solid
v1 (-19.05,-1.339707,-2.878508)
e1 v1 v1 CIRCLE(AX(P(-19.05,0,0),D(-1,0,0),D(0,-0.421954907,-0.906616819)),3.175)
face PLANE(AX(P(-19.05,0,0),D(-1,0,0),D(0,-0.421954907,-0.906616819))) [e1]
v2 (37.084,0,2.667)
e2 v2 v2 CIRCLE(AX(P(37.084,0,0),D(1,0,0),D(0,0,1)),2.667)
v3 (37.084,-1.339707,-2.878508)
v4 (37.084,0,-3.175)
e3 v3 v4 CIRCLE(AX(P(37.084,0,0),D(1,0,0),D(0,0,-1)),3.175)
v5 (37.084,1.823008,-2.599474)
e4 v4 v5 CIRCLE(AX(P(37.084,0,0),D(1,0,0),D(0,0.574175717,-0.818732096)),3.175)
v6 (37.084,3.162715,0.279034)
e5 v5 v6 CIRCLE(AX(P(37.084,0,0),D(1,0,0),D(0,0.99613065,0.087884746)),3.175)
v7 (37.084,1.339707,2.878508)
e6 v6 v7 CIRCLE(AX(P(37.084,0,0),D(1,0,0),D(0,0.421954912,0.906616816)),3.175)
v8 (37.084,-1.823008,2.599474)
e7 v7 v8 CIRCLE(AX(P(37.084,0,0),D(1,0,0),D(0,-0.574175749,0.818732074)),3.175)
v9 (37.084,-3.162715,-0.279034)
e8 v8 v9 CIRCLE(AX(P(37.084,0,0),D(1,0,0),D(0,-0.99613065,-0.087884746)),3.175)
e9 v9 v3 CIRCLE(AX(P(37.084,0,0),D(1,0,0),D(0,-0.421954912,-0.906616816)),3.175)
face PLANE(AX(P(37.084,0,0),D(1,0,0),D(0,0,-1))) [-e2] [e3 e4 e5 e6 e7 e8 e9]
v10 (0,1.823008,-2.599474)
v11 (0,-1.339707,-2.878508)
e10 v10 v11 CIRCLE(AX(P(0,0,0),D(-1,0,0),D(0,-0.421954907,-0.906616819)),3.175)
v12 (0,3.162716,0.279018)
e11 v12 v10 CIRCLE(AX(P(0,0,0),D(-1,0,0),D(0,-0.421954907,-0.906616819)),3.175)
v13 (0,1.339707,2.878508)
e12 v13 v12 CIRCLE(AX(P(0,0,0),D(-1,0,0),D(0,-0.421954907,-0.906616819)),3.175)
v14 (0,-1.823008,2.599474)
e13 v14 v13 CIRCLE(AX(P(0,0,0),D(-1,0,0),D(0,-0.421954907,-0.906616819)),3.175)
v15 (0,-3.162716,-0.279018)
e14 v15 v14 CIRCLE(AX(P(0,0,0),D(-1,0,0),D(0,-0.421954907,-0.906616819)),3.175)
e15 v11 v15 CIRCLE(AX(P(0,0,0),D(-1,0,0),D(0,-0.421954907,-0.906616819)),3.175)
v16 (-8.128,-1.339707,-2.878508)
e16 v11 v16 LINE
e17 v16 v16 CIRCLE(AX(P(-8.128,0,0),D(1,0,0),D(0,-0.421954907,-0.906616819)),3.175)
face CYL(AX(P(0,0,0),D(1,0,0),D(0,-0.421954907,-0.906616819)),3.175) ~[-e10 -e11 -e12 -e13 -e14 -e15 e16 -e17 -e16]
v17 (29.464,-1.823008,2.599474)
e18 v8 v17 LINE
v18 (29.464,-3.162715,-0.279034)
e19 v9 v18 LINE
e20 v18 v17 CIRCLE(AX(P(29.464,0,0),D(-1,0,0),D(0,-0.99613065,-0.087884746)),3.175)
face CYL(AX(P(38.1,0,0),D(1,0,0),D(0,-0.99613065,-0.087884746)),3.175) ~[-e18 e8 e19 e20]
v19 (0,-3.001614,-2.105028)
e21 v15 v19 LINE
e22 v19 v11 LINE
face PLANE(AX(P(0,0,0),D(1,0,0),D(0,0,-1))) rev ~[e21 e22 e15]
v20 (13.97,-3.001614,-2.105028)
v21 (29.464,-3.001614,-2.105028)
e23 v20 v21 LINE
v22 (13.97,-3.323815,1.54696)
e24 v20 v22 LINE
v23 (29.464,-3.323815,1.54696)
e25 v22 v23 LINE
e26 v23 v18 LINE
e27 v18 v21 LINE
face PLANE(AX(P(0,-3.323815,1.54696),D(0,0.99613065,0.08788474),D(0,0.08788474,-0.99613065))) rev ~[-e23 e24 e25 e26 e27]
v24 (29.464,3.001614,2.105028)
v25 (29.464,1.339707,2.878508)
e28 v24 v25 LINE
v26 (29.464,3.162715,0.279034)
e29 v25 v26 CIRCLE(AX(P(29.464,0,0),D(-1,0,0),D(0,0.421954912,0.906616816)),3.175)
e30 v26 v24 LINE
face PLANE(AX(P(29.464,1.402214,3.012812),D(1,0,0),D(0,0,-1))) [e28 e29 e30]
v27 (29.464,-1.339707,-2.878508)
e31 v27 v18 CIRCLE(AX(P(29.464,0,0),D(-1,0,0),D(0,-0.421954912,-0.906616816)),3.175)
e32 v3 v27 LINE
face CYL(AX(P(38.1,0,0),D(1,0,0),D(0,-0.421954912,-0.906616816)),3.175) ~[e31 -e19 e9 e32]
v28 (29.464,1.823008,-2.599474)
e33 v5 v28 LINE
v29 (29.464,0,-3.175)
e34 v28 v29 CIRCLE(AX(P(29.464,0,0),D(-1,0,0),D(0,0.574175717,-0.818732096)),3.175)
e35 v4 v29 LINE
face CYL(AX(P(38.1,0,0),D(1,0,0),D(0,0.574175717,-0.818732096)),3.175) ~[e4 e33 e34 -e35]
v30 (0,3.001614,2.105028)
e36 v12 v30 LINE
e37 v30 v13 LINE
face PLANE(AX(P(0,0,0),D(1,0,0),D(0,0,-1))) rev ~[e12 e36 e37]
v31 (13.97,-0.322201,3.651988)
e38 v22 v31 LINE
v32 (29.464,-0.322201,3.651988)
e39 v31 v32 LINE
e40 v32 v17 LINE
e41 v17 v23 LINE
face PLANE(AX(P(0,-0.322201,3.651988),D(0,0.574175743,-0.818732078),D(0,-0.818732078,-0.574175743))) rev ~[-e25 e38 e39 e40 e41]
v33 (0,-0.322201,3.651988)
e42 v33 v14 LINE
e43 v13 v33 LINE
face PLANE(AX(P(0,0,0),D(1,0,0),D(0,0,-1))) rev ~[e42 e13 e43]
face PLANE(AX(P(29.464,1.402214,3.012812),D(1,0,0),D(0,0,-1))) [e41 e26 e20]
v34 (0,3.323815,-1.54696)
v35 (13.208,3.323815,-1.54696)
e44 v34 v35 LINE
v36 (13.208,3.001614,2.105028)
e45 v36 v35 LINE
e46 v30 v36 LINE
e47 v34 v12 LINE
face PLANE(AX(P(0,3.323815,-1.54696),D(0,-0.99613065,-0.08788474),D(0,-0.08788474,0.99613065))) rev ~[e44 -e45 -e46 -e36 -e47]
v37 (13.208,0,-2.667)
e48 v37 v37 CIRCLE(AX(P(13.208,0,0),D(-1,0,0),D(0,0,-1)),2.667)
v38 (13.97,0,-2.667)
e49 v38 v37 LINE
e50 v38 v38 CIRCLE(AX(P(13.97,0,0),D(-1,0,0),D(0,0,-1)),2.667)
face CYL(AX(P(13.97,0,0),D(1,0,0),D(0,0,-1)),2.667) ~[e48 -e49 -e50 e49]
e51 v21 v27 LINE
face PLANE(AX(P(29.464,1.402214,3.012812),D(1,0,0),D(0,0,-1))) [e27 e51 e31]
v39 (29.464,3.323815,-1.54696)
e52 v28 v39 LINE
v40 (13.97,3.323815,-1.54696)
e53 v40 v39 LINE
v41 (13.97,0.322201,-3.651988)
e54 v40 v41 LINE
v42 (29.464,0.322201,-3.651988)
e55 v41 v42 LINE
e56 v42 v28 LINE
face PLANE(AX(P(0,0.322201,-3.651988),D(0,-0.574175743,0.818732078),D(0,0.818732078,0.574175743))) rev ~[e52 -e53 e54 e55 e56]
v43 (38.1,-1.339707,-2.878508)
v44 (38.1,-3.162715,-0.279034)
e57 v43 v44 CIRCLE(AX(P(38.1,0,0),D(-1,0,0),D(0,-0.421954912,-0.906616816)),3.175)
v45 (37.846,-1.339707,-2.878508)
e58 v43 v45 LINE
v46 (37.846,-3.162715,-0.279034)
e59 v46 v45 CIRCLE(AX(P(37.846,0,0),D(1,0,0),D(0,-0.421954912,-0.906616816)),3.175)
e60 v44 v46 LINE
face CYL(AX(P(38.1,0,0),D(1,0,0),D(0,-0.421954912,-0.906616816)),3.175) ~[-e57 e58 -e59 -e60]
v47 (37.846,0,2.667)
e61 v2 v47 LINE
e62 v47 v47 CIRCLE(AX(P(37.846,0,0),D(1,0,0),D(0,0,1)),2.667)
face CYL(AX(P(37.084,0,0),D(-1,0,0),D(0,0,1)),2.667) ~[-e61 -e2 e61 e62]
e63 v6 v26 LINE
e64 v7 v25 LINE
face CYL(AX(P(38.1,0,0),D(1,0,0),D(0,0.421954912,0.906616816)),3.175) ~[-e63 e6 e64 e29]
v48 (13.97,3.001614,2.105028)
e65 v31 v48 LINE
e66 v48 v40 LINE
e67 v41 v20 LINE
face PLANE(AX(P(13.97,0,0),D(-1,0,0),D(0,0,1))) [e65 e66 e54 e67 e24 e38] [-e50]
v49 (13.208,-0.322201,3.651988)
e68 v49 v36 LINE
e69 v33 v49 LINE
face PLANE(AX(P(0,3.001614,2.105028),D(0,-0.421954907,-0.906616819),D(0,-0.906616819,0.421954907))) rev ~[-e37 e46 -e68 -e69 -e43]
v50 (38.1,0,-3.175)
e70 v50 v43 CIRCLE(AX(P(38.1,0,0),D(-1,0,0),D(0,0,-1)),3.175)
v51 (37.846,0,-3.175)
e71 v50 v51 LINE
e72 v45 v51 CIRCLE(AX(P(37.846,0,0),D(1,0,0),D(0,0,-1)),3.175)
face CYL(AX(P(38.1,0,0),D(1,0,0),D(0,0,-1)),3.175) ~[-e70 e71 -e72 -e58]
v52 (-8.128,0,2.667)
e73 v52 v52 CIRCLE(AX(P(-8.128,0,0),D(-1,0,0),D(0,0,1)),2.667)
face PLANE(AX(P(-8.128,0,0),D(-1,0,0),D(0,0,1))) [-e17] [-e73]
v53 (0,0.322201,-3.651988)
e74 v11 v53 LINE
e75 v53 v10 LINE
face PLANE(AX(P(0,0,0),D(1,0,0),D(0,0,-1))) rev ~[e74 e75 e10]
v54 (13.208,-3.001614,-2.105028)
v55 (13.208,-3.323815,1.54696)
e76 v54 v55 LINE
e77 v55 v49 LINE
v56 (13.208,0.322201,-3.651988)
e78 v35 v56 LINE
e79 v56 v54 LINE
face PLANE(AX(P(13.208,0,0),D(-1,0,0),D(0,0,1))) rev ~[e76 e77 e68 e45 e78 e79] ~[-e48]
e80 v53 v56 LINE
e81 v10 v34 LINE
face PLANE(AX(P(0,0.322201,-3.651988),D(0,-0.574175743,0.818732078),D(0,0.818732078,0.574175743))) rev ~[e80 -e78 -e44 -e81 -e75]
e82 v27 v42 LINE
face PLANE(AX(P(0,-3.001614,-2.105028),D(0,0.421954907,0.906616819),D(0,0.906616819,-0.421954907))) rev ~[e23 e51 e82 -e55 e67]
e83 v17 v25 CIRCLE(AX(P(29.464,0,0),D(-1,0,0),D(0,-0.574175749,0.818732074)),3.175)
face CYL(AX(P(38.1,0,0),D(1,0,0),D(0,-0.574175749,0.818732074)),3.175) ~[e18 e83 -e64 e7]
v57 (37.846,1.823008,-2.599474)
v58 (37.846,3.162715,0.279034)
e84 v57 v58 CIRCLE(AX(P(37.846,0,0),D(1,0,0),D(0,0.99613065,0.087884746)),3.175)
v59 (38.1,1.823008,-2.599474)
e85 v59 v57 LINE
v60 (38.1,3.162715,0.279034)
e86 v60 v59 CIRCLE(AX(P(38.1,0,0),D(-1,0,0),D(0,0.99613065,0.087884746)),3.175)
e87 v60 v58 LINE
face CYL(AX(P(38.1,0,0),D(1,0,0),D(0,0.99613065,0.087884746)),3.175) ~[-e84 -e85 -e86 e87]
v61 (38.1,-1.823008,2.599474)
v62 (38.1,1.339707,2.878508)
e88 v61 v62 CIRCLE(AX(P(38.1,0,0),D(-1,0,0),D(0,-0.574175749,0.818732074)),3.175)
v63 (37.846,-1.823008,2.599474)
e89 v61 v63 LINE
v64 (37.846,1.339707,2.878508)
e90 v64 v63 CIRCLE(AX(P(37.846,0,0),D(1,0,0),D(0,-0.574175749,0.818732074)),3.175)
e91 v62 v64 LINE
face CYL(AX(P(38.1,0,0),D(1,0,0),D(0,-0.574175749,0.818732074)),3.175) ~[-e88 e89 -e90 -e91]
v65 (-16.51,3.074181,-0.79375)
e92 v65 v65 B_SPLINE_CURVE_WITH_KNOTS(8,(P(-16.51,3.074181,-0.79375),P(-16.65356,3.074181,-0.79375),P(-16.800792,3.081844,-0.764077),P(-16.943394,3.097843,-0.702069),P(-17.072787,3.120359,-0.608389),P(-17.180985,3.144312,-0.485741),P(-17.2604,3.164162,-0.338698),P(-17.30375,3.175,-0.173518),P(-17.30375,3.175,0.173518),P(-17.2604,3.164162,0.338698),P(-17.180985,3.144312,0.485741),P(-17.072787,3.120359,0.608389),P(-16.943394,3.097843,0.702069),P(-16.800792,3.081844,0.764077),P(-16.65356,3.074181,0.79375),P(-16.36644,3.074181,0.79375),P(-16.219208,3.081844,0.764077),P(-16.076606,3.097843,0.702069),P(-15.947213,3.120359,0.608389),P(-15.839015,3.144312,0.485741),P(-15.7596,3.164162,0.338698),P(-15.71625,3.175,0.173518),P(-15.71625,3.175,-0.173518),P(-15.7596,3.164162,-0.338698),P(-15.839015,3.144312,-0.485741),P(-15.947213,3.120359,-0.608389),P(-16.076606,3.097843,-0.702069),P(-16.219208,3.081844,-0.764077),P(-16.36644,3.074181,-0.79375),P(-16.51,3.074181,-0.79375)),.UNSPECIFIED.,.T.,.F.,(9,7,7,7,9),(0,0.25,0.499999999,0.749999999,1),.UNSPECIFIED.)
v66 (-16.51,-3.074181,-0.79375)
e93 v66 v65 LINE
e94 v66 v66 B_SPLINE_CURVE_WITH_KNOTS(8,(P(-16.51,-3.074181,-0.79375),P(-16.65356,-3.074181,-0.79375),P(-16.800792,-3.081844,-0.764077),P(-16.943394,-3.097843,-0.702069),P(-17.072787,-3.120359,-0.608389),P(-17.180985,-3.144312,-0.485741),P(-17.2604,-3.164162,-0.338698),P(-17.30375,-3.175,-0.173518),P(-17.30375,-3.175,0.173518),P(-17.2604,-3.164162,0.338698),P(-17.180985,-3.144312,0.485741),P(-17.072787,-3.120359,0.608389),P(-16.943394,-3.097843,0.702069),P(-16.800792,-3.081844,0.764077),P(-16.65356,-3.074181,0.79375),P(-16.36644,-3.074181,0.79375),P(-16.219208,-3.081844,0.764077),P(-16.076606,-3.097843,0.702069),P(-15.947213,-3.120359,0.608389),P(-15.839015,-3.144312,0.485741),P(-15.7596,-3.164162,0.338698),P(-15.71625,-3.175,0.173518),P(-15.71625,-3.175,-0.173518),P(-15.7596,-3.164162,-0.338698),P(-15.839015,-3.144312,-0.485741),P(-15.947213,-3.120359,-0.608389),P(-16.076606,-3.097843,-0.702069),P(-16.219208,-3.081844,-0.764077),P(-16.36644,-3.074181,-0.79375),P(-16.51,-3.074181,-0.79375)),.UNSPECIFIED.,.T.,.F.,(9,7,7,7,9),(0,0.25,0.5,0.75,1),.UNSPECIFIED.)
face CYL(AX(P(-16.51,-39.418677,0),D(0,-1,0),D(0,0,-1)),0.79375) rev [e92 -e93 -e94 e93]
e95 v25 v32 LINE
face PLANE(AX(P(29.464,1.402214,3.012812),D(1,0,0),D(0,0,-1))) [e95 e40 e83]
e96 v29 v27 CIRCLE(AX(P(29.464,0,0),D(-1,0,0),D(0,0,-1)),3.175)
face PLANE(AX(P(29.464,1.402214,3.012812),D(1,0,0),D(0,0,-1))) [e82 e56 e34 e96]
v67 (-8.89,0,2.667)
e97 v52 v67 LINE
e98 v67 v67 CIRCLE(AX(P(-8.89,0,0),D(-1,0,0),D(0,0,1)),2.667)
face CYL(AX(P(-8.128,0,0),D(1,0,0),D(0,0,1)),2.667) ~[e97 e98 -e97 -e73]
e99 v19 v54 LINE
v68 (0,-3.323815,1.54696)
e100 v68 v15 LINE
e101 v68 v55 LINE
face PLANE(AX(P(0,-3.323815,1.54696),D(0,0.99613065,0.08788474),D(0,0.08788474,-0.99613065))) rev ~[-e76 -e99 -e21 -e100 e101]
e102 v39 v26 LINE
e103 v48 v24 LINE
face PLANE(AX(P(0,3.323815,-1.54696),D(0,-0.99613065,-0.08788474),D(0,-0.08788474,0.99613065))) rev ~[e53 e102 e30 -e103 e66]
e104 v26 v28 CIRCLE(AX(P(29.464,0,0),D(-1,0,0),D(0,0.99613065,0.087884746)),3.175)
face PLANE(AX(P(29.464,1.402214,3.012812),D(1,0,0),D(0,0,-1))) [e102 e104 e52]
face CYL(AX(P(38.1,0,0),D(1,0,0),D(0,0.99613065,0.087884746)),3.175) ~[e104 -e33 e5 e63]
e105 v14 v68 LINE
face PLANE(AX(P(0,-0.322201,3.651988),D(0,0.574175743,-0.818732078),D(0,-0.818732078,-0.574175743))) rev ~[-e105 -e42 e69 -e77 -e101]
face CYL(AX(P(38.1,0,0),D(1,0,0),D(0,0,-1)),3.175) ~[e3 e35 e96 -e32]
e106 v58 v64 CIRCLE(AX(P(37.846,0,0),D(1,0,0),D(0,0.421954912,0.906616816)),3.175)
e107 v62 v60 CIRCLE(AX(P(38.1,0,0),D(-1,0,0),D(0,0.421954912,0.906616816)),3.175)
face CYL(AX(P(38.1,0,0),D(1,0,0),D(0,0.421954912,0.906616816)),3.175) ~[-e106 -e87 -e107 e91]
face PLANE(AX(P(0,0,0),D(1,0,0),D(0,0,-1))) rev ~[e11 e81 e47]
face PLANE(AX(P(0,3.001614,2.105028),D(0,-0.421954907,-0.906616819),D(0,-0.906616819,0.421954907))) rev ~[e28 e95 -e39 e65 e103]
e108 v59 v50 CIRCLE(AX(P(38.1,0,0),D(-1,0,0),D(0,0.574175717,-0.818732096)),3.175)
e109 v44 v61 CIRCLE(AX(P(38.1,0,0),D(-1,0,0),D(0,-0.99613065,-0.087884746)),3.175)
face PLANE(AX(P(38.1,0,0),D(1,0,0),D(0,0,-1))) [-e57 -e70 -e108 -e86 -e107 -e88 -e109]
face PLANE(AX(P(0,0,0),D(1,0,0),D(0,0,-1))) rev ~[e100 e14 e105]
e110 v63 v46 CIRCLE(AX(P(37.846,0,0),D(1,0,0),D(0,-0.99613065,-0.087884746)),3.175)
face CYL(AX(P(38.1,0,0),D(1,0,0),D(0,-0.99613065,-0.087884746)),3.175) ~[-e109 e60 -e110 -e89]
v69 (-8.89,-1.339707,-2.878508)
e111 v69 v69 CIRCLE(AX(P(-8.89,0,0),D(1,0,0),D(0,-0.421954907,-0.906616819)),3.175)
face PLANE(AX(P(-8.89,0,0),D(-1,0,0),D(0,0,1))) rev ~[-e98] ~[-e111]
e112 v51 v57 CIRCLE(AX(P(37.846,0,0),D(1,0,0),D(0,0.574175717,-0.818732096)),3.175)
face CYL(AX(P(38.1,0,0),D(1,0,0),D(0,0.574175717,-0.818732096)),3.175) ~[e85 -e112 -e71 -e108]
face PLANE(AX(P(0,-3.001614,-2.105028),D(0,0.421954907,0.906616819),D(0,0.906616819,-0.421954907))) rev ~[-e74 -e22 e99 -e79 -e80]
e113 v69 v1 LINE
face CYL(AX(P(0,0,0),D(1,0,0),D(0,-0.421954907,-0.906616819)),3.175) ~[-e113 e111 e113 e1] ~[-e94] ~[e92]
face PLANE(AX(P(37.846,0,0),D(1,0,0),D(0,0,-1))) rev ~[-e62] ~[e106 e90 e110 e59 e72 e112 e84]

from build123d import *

# Parameters (mm, degrees)
BOSS_EXTRUDE1_DEPTH     = 38.1
SKETCH3_R               = 3.175
BOSS_EXTRUDE3_DEPTH     = 19.05
CUT_EXTRUDE1_DEPTH      = 39.418677326
CUT_EXTRUDE1_DEPTH_BACK = 39.418677326
SKETCH4_R               = 0.79375
CUT_EXTRUDE4_DEPTH      = 8.636
SKETCH6_OUTSIDE_W       = 20.904
SKETCH6_OUTSIDE_H       = 20.248
SKETCH6_OUTSIDE_R       = 2.667
CUT_EXTRUDE5_DEPTH      = 0.762
SKETCH9_OUTSIDE_W       = 20.904
SKETCH9_OUTSIDE_H       = 20.248
SKETCH9_OUTSIDE_R       = 2.667
CUT_EXTRUDE6_DEPTH      = 0.762
SKETCH10_OUTSIDE_W      = 20.904
SKETCH10_OUTSIDE_H      = 20.248
SKETCH10_OUTSIDE_R      = 2.667
CUT_EXTRUDE7_DEPTH      = 0.762


with BuildPart() as part:
    # Sketch1 → Boss-Extrude1 (new body)
    with BuildSketch(Plane(origin=(0, 0, 0), x_dir=(0, 0, -1), z_dir=(1, 0, 0))):
        Polygon((2.105028301, -3.00161443), (3.651988499, 0.32220077), (1.546960198, 3.323815199), (-2.105028301, 3.00161443), (-3.651988499, -0.32220077), (-1.546960198, -3.323815199), align=None)
    extrude(amount=BOSS_EXTRUDE1_DEPTH)

    # Sketch3 → Boss-Extrude3 (add)
    with BuildSketch(Plane.ZY):
        with Locations(Location((0, 0, 0), (0, 0, 204.958070598))):
            Circle(SKETCH3_R)
    extrude(amount=BOSS_EXTRUDE3_DEPTH)

    # Sketch4 → Cut-Extrude1 (cut, two sides: drawn at the far end of the back side and taken through both)
    with BuildSketch(Plane(origin=(0, 0, 0), x_dir=(1, 0, 0), z_dir=(0, 1, 0)).offset(-CUT_EXTRUDE1_DEPTH_BACK)):
        with Locations(Location((-16.51, 0, 0), (0, 0, 90))):
            Circle(SKETCH4_R)
    extrude(amount=CUT_EXTRUDE1_DEPTH + CUT_EXTRUDE1_DEPTH_BACK, mode=Mode.SUBTRACT)

    # Sketch5 → Cut-Extrude4 (cut)
    with BuildSketch(Plane(origin=(38.1, 0, 0), x_dir=(0, 0, -1), z_dir=(1, 0, 0))):
        with BuildLine():
            Line((-2.878508392, 1.339706848), (-2.105028301, 3.00161443))
            ThreePointArc((-2.105028301, 3.00161443), (-3.323815199, 1.546960198), (-3.651988499, -0.32220077))
            Line((-3.651988499, -0.32220077), (-2.878508392, 1.339706848))
        make_face()
        with BuildLine():
            Line((-2.878508392, 1.339706848), (-3.651988499, -0.32220077))
            Line((-3.651988499, -0.32220077), (-2.599474334, -1.823008005))
            ThreePointArc((-2.599474334, -1.823008005), (-3.162714814, -0.279034054), (-2.878508392, 1.339706848))
        make_face()
        with BuildLine():
            ThreePointArc((-3.651988499, -0.32220077), (-3.00161443, -2.105028301), (-1.546960198, -3.323815199))
            Line((-1.546960198, -3.323815199), (-2.599474334, -1.823008005))
            Line((-2.599474334, -1.823008005), (-3.651988499, -0.32220077))
        make_face()
        with BuildLine():
            Line((-2.599474334, -1.823008005), (-1.546960198, -3.323815199))
            Line((-1.546960198, -3.323815199), (0.279034067, -3.162714813))
            ThreePointArc((0.279034067, -3.162714813), (-1.339706811, -2.878508409), (-2.599474334, -1.823008005))
        make_face()
        with BuildLine():
            ThreePointArc((-1.546960198, -3.323815199), (0.32220077, -3.651988499), (2.105028301, -3.00161443))
            Line((2.105028301, -3.00161443), (0.279034067, -3.162714813))
            Line((0.279034067, -3.162714813), (-1.546960198, -3.323815199))
        make_face()
        with BuildLine():
            Line((0.279034067, -3.162714813), (2.105028301, -3.00161443))
            Line((2.105028301, -3.00161443), (2.878508392, -1.339706848))
            ThreePointArc((2.878508392, -1.339706848), (1.823007983, -2.59947435), (0.279034067, -3.162714813))
        make_face()
        with BuildLine():
            ThreePointArc((2.105028301, -3.00161443), (3.252555442, -1.69166085), (3.666174209, 0))
            ThreePointArc((3.666174209, 0), (3.662626065, 0.16125645), (3.651988499, 0.32220077))
            Line((3.651988499, 0.32220077), (2.878508392, -1.339706848))
            Line((2.878508392, -1.339706848), (2.105028301, -3.00161443))
        make_face()
        with BuildLine():
            Line((2.878508392, -1.339706848), (3.651988499, 0.32220077))
            Line((3.651988499, 0.32220077), (2.599474407, 1.823007901))
            ThreePointArc((2.599474407, 1.823007901), (3.027701789, 0.955848774), (3.175, 0))
            ThreePointArc((3.175, 0), (3.09999106, -0.686061534), (2.878508392, -1.339706848))
        make_face()
        with BuildLine():
            Line((2.599474407, 1.823007901), (3.651988499, 0.32220077))
            ThreePointArc((3.651988499, 0.32220077), (3.00161443, 2.105028301), (1.546960198, 3.323815199))
            Line((1.546960198, 3.323815199), (2.599474407, 1.823007901))
        make_face()
        with BuildLine():
            Line((2.599474407, 1.823007901), (1.546960198, 3.323815199))
            Line((1.546960198, 3.323815199), (-0.279034067, 3.162714813))
            ThreePointArc((-0.279034067, 3.162714813), (1.339706869, 2.878508382), (2.599474407, 1.823007901))
        make_face()
        with BuildLine():
            Line((-0.279034067, 3.162714813), (1.546960198, 3.323815199))
            ThreePointArc((1.546960198, 3.323815199), (-0.32220077, 3.651988499), (-2.105028301, 3.00161443))
            Line((-2.105028301, 3.00161443), (-0.279034067, 3.162714813))
        make_face()
        with BuildLine():
            Line((-0.279034067, 3.162714813), (-2.105028301, 3.00161443))
            Line((-2.105028301, 3.00161443), (-2.878508392, 1.339706848))
            ThreePointArc((-2.878508392, 1.339706848), (-1.823007983, 2.59947435), (-0.279034067, 3.162714813))
        make_face()
    extrude(amount=-CUT_EXTRUDE4_DEPTH, mode=Mode.SUBTRACT)

    # Sketch6 outside → Cut-Extrude5 (cut)
    with BuildSketch(Plane(origin=(37.084, 0, 0), x_dir=(0, 0, -1), z_dir=(1, 0, 0))):
        Rectangle(SKETCH6_OUTSIDE_W, SKETCH6_OUTSIDE_H)
        with Locations(Location((0, 0, 0), (0, 0, 180))):
            Circle(SKETCH6_OUTSIDE_R, mode=Mode.SUBTRACT)
    extrude(amount=CUT_EXTRUDE5_DEPTH, mode=Mode.SUBTRACT)

    # Sketch9 outside → Cut-Extrude6 (cut)
    with BuildSketch(Plane.ZY.offset(8.128)):
        Rectangle(SKETCH9_OUTSIDE_W, SKETCH9_OUTSIDE_H)
        Circle(SKETCH9_OUTSIDE_R, mode=Mode.SUBTRACT)
    extrude(amount=CUT_EXTRUDE6_DEPTH, mode=Mode.SUBTRACT)

    # Sketch10 outside → Cut-Extrude7 (cut)
    with BuildSketch(Plane.ZY.offset(-13.97)):
        Rectangle(SKETCH10_OUTSIDE_W, SKETCH10_OUTSIDE_H)
        with Locations(Location((0, 0, 0), (0, 0, 180))):
            Circle(SKETCH10_OUTSIDE_R, mode=Mode.SUBTRACT)
    extrude(amount=CUT_EXTRUDE7_DEPTH, mode=Mode.SUBTRACT)


solid = part.part
